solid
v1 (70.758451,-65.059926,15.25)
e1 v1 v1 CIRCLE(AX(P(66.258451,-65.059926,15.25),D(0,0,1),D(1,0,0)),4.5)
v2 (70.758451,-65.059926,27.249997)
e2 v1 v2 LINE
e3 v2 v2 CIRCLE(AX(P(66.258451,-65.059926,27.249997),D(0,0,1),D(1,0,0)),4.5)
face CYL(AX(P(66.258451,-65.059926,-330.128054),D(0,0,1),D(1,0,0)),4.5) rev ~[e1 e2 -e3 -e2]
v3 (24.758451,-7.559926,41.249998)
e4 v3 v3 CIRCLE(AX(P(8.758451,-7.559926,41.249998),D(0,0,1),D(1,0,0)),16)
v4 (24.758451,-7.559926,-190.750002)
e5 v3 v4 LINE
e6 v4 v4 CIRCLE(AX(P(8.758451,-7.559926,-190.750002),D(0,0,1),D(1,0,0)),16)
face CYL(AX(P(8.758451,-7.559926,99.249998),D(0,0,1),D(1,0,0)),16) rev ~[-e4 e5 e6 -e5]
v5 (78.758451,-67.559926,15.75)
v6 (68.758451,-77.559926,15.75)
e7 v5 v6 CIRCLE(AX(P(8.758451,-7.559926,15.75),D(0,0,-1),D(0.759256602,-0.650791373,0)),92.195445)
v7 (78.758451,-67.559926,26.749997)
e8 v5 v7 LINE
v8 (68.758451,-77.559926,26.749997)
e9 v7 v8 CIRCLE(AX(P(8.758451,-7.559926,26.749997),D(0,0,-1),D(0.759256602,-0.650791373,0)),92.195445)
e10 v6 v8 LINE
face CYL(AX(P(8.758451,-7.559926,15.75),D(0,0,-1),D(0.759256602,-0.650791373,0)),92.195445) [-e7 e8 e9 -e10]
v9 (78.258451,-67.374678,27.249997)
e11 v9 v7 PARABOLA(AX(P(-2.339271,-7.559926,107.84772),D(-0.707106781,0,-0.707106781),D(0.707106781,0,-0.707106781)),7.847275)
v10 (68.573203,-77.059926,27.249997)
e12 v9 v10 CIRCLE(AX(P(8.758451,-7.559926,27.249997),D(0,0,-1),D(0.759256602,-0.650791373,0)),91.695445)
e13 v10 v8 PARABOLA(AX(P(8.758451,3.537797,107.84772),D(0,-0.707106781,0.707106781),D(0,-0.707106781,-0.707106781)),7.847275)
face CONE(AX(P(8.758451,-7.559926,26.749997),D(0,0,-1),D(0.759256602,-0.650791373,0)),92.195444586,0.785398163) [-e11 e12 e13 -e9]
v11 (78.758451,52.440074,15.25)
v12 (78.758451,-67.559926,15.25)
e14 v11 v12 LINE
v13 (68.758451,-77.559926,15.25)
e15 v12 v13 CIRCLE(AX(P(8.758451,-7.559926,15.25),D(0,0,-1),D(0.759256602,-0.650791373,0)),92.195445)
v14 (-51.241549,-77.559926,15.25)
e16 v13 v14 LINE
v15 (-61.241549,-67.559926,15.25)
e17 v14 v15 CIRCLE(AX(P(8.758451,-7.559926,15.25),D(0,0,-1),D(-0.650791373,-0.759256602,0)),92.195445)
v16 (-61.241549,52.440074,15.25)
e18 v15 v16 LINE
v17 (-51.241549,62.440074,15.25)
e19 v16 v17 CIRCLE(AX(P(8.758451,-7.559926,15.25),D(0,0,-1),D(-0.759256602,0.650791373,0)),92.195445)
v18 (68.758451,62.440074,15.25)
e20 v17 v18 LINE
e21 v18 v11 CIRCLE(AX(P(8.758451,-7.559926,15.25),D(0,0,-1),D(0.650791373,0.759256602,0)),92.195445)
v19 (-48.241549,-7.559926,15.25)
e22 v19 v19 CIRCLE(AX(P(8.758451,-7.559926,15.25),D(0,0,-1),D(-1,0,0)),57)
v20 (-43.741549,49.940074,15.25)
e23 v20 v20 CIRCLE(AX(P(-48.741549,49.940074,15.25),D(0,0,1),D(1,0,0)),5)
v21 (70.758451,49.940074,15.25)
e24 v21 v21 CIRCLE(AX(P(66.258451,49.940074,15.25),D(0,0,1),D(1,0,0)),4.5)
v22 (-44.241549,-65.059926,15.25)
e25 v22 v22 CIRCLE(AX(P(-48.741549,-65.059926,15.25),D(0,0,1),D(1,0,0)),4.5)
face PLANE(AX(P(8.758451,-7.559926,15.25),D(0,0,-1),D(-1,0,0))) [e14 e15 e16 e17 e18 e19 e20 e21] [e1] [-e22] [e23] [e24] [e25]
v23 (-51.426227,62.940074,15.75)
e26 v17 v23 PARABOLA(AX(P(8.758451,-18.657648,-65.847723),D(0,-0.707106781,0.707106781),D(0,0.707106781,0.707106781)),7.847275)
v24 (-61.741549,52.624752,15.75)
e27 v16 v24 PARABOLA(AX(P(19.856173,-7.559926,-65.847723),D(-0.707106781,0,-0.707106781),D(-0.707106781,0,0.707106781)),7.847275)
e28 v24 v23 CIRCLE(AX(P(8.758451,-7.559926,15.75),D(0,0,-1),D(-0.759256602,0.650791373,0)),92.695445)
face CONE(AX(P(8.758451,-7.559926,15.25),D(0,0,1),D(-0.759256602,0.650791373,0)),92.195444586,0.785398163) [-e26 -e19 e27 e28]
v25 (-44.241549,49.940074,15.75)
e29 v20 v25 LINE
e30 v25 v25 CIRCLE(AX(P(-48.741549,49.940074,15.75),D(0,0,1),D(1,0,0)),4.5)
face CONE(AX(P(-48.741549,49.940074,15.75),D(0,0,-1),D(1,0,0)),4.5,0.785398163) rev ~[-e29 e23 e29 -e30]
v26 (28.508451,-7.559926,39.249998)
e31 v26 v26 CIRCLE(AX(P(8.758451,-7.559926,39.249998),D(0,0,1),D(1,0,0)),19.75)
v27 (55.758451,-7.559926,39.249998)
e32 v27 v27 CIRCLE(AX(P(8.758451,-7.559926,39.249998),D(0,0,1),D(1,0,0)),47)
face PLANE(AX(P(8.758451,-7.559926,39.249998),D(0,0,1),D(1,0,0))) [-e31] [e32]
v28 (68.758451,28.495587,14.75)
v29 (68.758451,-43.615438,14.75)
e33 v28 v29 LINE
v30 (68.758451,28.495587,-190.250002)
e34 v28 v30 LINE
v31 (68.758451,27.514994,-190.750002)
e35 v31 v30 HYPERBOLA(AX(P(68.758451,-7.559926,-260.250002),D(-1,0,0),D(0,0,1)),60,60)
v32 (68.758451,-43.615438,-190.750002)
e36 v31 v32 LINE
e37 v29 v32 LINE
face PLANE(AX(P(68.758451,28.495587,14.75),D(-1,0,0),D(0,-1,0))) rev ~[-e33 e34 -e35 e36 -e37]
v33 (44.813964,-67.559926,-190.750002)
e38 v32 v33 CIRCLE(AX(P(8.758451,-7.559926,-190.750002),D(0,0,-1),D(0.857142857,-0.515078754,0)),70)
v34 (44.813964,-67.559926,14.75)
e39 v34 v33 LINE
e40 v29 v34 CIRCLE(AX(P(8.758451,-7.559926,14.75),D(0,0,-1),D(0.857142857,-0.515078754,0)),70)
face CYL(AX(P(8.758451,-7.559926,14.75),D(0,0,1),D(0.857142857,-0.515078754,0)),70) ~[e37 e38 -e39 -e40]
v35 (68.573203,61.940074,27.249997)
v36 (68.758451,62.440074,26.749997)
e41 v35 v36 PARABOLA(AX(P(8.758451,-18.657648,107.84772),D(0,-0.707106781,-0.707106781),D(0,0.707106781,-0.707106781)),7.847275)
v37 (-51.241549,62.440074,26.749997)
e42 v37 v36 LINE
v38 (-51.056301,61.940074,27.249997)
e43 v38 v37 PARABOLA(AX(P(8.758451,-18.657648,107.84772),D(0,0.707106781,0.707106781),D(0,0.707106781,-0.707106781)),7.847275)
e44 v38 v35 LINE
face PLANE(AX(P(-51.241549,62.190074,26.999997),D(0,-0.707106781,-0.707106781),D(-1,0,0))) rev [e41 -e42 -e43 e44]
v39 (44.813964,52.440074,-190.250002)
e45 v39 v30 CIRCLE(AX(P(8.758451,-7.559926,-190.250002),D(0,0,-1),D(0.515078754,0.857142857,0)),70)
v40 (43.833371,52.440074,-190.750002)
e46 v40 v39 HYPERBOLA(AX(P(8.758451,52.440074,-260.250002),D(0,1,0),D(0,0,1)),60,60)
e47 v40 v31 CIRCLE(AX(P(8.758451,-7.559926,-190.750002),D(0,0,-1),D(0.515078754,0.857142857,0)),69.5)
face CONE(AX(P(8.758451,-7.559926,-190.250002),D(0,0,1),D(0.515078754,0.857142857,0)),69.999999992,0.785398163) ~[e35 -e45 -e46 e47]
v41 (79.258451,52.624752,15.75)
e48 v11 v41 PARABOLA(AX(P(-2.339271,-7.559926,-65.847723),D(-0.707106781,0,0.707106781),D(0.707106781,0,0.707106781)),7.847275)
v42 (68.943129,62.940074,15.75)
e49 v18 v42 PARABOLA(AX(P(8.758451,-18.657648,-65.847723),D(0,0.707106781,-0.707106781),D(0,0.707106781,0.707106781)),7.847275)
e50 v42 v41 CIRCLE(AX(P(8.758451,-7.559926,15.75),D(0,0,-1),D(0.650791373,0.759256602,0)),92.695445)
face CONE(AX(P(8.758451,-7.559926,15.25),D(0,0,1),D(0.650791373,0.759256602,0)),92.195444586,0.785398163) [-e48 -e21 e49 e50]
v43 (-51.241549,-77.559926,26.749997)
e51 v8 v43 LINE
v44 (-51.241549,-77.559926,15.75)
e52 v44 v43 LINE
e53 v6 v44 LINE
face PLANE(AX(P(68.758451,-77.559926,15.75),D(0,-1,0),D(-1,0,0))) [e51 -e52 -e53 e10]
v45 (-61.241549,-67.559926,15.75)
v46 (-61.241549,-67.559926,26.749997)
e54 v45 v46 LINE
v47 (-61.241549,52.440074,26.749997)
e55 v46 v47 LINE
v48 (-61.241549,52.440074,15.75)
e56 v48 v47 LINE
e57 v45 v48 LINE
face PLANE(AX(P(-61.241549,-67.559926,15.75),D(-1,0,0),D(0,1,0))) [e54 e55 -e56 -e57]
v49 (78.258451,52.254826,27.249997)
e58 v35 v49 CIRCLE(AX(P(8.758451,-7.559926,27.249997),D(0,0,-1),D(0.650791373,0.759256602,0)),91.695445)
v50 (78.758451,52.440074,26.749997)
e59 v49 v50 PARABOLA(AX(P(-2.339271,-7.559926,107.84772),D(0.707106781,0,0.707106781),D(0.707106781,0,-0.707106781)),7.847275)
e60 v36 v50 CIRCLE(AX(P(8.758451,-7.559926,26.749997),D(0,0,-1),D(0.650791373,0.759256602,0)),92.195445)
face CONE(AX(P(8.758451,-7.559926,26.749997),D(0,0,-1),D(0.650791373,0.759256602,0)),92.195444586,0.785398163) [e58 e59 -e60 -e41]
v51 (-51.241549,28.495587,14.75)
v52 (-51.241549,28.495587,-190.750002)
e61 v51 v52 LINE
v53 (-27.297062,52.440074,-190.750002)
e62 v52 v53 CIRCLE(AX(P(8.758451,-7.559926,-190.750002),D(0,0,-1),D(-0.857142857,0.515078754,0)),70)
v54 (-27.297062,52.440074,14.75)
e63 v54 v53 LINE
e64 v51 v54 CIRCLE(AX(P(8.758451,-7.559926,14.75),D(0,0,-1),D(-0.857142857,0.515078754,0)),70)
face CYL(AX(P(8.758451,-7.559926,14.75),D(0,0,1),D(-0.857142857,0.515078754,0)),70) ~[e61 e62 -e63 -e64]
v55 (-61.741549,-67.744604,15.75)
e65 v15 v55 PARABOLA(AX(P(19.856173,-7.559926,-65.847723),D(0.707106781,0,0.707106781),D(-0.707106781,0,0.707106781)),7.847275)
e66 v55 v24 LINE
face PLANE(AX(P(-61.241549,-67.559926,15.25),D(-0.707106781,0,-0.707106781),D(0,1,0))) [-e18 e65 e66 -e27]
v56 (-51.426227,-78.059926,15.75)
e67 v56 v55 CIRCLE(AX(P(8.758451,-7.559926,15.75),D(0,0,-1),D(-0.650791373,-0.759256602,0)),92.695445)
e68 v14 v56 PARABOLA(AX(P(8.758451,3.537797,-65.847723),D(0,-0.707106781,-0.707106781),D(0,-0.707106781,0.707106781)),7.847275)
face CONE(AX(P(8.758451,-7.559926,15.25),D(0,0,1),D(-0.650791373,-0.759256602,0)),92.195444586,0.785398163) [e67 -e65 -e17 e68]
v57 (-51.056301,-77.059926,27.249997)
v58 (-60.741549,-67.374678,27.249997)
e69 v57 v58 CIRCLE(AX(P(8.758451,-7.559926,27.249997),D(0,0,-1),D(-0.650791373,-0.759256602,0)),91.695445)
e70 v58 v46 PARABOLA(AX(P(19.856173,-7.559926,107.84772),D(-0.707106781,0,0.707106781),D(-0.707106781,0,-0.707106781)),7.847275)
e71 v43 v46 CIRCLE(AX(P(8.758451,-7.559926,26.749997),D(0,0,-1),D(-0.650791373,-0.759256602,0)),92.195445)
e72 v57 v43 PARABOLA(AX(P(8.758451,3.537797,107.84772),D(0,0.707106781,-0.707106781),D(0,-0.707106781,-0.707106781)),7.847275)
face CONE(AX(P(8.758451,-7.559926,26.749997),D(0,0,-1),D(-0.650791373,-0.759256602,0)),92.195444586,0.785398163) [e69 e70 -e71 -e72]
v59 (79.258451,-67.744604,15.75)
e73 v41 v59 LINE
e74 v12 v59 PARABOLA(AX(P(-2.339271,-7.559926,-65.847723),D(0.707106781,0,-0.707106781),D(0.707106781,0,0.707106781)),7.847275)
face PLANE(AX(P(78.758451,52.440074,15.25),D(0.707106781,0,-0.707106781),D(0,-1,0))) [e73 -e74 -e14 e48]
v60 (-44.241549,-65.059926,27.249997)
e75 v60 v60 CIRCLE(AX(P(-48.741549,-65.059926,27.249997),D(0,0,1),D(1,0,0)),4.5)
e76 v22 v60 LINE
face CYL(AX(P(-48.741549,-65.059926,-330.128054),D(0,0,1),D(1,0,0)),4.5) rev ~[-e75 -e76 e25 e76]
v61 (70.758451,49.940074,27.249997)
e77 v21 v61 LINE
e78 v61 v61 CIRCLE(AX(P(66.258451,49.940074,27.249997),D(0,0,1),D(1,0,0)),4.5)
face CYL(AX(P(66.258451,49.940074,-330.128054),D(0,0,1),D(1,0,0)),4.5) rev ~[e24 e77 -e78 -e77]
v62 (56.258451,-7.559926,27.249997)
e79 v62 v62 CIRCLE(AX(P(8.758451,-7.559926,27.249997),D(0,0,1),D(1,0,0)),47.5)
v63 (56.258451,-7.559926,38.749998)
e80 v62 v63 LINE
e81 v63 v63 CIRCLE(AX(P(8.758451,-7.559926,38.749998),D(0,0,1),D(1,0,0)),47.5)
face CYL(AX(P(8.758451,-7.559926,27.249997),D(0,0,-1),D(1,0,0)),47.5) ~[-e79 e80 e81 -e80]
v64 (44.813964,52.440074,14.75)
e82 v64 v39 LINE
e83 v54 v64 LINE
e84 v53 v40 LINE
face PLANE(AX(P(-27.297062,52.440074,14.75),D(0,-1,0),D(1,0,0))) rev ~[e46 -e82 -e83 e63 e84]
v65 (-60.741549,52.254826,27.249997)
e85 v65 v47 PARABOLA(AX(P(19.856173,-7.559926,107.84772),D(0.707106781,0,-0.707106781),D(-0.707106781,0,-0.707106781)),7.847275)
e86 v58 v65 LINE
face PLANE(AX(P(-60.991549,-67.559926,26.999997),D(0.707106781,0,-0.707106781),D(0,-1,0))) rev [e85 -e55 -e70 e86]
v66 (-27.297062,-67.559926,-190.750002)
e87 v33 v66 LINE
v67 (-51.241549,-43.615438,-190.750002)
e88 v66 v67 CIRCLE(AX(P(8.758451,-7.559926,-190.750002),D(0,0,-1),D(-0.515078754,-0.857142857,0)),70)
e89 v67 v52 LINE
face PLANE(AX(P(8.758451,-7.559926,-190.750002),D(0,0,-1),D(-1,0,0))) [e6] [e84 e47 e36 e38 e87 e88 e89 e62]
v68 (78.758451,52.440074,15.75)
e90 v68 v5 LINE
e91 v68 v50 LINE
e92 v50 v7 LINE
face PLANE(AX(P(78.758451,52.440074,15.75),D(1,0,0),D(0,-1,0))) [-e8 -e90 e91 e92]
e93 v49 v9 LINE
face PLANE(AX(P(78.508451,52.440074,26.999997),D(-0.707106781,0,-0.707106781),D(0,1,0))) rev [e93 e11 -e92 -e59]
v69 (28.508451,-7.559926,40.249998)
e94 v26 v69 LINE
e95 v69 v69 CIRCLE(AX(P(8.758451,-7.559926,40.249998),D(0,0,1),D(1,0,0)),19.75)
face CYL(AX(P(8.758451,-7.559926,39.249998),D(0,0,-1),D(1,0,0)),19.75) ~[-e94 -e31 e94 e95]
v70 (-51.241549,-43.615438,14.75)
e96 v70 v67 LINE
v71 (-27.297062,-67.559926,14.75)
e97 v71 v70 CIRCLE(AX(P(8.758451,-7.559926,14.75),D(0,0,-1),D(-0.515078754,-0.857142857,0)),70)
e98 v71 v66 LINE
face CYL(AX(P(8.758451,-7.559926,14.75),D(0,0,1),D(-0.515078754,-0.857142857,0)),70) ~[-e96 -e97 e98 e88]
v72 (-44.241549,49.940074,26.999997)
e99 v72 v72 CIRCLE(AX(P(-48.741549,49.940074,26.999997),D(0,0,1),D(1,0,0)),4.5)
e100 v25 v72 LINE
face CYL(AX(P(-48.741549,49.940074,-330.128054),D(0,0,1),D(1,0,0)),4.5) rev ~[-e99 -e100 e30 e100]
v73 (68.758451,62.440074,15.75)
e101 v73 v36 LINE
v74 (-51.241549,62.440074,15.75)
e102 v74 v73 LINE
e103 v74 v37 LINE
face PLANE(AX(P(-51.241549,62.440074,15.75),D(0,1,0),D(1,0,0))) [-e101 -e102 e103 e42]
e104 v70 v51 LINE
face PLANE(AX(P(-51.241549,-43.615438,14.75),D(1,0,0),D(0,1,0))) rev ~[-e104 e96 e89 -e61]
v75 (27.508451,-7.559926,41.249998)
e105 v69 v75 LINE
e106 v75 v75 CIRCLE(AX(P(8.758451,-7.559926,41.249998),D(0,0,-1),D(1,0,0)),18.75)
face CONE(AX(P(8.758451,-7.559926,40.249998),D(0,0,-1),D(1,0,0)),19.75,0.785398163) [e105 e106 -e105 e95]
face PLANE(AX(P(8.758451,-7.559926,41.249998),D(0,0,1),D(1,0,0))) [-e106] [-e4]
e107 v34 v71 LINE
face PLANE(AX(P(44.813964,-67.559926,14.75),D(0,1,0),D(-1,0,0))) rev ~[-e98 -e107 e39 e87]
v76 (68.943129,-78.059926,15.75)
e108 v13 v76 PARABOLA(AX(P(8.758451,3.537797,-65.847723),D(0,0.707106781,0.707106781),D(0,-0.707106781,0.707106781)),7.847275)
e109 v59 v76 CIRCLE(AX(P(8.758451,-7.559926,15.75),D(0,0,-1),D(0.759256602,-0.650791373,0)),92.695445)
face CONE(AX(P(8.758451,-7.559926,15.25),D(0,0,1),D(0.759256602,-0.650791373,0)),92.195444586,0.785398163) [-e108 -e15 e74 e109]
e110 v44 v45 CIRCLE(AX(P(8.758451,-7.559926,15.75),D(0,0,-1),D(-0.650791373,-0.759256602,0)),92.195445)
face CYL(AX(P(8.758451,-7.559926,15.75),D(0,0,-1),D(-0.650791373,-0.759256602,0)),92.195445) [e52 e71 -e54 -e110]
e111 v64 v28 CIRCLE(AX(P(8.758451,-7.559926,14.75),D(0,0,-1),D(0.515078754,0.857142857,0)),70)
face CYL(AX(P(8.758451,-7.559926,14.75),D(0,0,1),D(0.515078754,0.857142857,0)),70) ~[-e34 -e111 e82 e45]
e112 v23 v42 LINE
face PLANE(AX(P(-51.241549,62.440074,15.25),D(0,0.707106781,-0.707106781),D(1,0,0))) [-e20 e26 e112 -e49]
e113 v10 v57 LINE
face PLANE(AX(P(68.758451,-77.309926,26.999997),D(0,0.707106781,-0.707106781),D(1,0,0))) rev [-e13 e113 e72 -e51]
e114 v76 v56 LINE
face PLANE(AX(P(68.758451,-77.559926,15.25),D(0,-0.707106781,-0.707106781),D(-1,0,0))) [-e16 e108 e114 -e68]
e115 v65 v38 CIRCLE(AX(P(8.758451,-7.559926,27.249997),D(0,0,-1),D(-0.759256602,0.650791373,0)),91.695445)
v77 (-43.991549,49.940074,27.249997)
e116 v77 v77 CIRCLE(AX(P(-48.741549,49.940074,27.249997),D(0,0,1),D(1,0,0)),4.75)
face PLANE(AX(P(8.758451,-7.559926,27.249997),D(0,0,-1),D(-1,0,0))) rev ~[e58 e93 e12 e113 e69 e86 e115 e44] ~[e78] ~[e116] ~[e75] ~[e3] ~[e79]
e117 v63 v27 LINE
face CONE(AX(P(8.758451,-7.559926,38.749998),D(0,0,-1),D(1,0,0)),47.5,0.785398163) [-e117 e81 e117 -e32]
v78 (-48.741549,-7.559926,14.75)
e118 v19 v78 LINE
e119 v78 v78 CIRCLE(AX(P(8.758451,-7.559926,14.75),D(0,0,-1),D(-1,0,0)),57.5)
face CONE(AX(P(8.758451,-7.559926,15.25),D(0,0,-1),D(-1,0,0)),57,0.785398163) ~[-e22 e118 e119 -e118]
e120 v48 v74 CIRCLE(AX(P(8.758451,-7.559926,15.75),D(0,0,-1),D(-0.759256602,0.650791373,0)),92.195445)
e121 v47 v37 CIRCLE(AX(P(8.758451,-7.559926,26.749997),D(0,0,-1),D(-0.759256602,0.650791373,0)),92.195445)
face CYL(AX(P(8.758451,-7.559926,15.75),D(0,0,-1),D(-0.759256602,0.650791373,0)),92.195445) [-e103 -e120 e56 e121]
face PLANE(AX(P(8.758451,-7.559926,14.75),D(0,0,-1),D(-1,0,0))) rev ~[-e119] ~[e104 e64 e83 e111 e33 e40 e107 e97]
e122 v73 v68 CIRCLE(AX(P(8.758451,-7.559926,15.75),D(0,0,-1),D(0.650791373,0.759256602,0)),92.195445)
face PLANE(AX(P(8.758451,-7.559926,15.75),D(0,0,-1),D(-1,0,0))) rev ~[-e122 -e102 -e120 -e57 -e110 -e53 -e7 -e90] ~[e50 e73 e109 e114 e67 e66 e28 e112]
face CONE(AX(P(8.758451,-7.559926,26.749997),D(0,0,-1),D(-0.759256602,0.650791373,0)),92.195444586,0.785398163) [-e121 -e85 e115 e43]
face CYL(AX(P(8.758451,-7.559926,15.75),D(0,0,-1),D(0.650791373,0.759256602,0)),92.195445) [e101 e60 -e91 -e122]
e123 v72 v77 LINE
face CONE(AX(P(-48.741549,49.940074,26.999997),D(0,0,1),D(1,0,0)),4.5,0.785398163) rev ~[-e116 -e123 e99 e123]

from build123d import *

# Parameters (mm, degrees)
BOSS_EXTRUDE10_DEPTH     = 0.5
BOSS_EXTRUDE10_DRAFT     = 45
BOSS_EXTRUDE11_DEPTH     = 11.499997616
SKETCH19_R               = 47.5
BOSS_EXTRUDE12_DEPTH     = 12.000000954
SKETCH20_R               = 19.75
BOSS_EXTRUDE13_DEPTH     = 1
SKETCH21_R               = 19.75
BOSS_EXTRUDE14_DEPTH     = 1
BOSS_EXTRUDE14_TAPER     = 45
SKETCH22_R               = 16
BOSS_EXTRUDE15_DEPTH     = 50
SKETCH28_R               = 57
BOSS_EXTRUDE17_DEPTH     = 0.5
BOSS_EXTRUDE17_DRAFT     = -45
BOSS_EXTRUDE18_DEPTH     = 205.500001907
F_9_0_9_DIAMETER_HOLE2_D = 9
CHAMFER5_SIZE            = 0.5
CHAMFER6_SIZE            = 0.25
SKETCH32_R               = 16
CUT_EXTRUDE1_DEPTH       = 311.604659233


with BuildPart() as part:
    # Sketch17 → Boss-Extrude10 (with draft: the straight prism first)
    with BuildSketch(Plane(origin=(0, 0, 15.249999762), x_dir=(-1, 0, 0), z_dir=(0, 0, -1))):
        with BuildLine():
            Line((-68.758451007, -77.559925727), (51.241548993, -77.559925727))
            ThreePointArc((51.241548993, -77.559925727), (56.433573045, -72.751949779), (61.241548993, -67.559925727))
            Line((61.241548993, -67.559925727), (61.241548993, 52.440074273))
            ThreePointArc((61.241548993, 52.440074273), (56.433573045, 57.632098325), (51.241548993, 62.440074273))
            Line((51.241548993, 62.440074273), (-68.758451007, 62.440074273))
            ThreePointArc((-68.758451007, 62.440074273), (-73.950475059, 57.632098325), (-78.758451007, 52.440074273))
            Line((-78.758451007, 52.440074273), (-78.758451007, -67.559925727))
            ThreePointArc((-78.758451007, -67.559925727), (-73.950475059, -72.751949779), (-68.758451007, -77.559925727))
        make_face()
    extrude(amount=-BOSS_EXTRUDE10_DEPTH)
    # Boss-Extrude10: the draft: its side faces are tilted about the plane it starts from
    boss_extrude10_sides = [part.faces().sort_by_distance(p)[0] for p in [
        (8.758451007, -77.559925727, 15.499999762),
        (-56.433573045, -72.751949779, 15.499999762),
        (-61.241548993, -7.559925727, 15.499999762),
        (-56.433573045, 57.632098325, 15.499999762),
        (8.758451007, 62.440074273, 15.499999762),
        (73.950475059, 57.632098325, 15.499999762),
        (78.758451007, -7.559925727, 15.499999762),
        (73.950475059, -72.751949779, 15.499999762),
    ]]
    draft(boss_extrude10_sides, Plane(origin=(0, 0, 15.249999762), x_dir=(-1, 0, 0), z_dir=(0, 0, -1)), BOSS_EXTRUDE10_DRAFT)

    # Sketch18 → Boss-Extrude11 (add)
    with BuildSketch(Plane.XY.offset(15.749999762)):
        with BuildLine():
            Line((-51.241548993, 62.440074273), (68.758451007, 62.440074273))
            ThreePointArc((68.758451007, 62.440074273), (73.950475059, 57.632098325), (78.758451007, 52.440074273))
            Line((78.758451007, 52.440074273), (78.758451007, -67.559925727))
            ThreePointArc((78.758451007, -67.559925727), (73.950475059, -72.751949779), (68.758451007, -77.559925727))
            Line((68.758451007, -77.559925727), (-51.241548993, -77.559925727))
            ThreePointArc((-51.241548993, -77.559925727), (-56.433573045, -72.751949779), (-61.241548993, -67.559925727))
            Line((-61.241548993, -67.559925727), (-61.241548993, 52.440074273))
            ThreePointArc((-61.241548993, 52.440074273), (-56.433573045, 57.632098325), (-51.241548993, 62.440074273))
        make_face()
    extrude(amount=BOSS_EXTRUDE11_DEPTH)

    # Sketch19 → Boss-Extrude12 (add)
    with BuildSketch(Plane.XY.offset(27.249997377)):
        with Locations((8.758451007, -7.559925727)):
            Circle(SKETCH19_R)
    extrude(amount=BOSS_EXTRUDE12_DEPTH)

    # Sketch20 → Boss-Extrude13 (add)
    with BuildSketch(Plane.XY.offset(39.249998331)):
        with Locations((8.758451007, -7.559925727)):
            Circle(SKETCH20_R)
    extrude(amount=BOSS_EXTRUDE13_DEPTH)

    # Sketch21 → Boss-Extrude14 (add)
    with BuildSketch(Plane.XY.offset(40.249998331)):
        with Locations((8.758451007, -7.559925727)):
            Circle(SKETCH21_R)
    extrude(amount=BOSS_EXTRUDE14_DEPTH, taper=BOSS_EXTRUDE14_TAPER)

    # Sketch22 → Boss-Extrude15 (add)
    with BuildSketch(Plane.XY.offset(41.249998331)):
        with Locations((8.758451007, -7.559925727)):
            Circle(SKETCH22_R)
    extrude(amount=BOSS_EXTRUDE15_DEPTH)


with BuildPart() as boss_extrude17_tool:
    # Sketch28 → Boss-Extrude17 (with draft: the straight prism first)
    with BuildSketch(Plane(origin=(0, 0, 15.249999762), x_dir=(-1, 0, 0), z_dir=(0, 0, -1))):
        with Locations((-8.758451007, -7.559925727)):
            Circle(SKETCH28_R)
    extrude(amount=BOSS_EXTRUDE17_DEPTH)
    # Boss-Extrude17: the draft: its side faces are tilted about the plane it starts from
    boss_extrude17_sides = [boss_extrude17_tool.faces().sort_by_distance(p)[0] for p in [
        (65.758451007, -7.559925727, 14.999999762),
    ]]
    draft(boss_extrude17_sides, Plane(origin=(0, 0, 15.249999762), x_dir=(-1, 0, 0), z_dir=(0, 0, -1)), BOSS_EXTRUDE17_DRAFT)


with BuildPart() as part_1:
    add(part.part)

    # Boss-Extrude17: add boss_extrude17_tool
    add(boss_extrude17_tool.part)

    # Sketch29 → Boss-Extrude18 (add)
    with BuildSketch(Plane(origin=(0, 0, 14.749999762), x_dir=(-1, 0, 0), z_dir=(0, 0, -1))):
        with BuildLine():
            Line((-44.813963761, -67.559925727), (27.297061748, -67.559925727))
            ThreePointArc((27.297061748, -67.559925727), (40.739023677, -57.05740041), (51.241548993, -43.615438482))
            Line((51.241548993, -43.615438482), (51.241548993, 28.495587027))
            ThreePointArc((51.241548993, 28.495587027), (40.739023677, 41.937548956), (27.297061748, 52.440074273))
            Line((27.297061748, 52.440074273), (-44.813963761, 52.440074273))
            ThreePointArc((-44.813963761, 52.440074273), (-58.25592569, 41.937548956), (-68.758451007, 28.495587027))
            Line((-68.758451007, 28.495587027), (-68.758451007, -43.615438482))
            ThreePointArc((-68.758451007, -43.615438482), (-58.25592569, -57.05740041), (-44.813963761, -67.559925727))
        make_face()
    extrude(amount=BOSS_EXTRUDE18_DEPTH)

    # Ø9.0 (9) Diameter Hole2 (through all)
    with Locations(Plane(origin=(0, 0, 15.249999762), x_dir=(-1, 0, 0), z_dir=(0, 0, -1))):
        with Locations((48.741548993, 49.940074273), (-66.258451007, 49.940074273), (-66.258451007, -65.059925727), (48.741548993, -65.059925727)):
            Hole(F_9_0_9_DIAMETER_HOLE2_D / 2)

    # Chamfer5
    chamfer5_edges = [part_1.edges().sort_by_distance(p)[0] for p in [
        (-53.241548993, 49.940074273, 15.249999762),
        (-56.433573045, 57.632098325, 27.249997377),
        (-61.241548993, -7.559925727, 27.249997377),
        (-56.433573045, -72.751949779, 27.249997377),
        (8.758451007, -77.559925727, 27.249997377),
        (73.950475059, -72.751949779, 27.249997377),
        (78.758451007, -7.559925727, 27.249997377),
        (73.950475059, 57.632098325, 27.249997377),
        (8.758451007, 62.440074273, 27.249997377),
        (-38.741548993, -7.559925727, 39.249998331),
        (58.25592569, 41.937548956, -190.750002146),
    ]]
    chamfer(chamfer5_edges, length=CHAMFER5_SIZE)

    # Chamfer6
    chamfer6_edges = [part_1.edges().sort_by_distance(p)[0] for p in [
        (-53.241548993, 49.940074273, 27.249997377),
    ]]
    chamfer(chamfer6_edges, length=CHAMFER6_SIZE)

    # Sketch32 → Cut-Extrude1 (cut, through all)
    with BuildSketch(Plane.XY.offset(99.249998331)):
        with Locations((8.758451007, -7.559925727)):
            Circle(SKETCH32_R)
    extrude(amount=-CUT_EXTRUDE1_DEPTH, mode=Mode.SUBTRACT)


solid = part_1.part
